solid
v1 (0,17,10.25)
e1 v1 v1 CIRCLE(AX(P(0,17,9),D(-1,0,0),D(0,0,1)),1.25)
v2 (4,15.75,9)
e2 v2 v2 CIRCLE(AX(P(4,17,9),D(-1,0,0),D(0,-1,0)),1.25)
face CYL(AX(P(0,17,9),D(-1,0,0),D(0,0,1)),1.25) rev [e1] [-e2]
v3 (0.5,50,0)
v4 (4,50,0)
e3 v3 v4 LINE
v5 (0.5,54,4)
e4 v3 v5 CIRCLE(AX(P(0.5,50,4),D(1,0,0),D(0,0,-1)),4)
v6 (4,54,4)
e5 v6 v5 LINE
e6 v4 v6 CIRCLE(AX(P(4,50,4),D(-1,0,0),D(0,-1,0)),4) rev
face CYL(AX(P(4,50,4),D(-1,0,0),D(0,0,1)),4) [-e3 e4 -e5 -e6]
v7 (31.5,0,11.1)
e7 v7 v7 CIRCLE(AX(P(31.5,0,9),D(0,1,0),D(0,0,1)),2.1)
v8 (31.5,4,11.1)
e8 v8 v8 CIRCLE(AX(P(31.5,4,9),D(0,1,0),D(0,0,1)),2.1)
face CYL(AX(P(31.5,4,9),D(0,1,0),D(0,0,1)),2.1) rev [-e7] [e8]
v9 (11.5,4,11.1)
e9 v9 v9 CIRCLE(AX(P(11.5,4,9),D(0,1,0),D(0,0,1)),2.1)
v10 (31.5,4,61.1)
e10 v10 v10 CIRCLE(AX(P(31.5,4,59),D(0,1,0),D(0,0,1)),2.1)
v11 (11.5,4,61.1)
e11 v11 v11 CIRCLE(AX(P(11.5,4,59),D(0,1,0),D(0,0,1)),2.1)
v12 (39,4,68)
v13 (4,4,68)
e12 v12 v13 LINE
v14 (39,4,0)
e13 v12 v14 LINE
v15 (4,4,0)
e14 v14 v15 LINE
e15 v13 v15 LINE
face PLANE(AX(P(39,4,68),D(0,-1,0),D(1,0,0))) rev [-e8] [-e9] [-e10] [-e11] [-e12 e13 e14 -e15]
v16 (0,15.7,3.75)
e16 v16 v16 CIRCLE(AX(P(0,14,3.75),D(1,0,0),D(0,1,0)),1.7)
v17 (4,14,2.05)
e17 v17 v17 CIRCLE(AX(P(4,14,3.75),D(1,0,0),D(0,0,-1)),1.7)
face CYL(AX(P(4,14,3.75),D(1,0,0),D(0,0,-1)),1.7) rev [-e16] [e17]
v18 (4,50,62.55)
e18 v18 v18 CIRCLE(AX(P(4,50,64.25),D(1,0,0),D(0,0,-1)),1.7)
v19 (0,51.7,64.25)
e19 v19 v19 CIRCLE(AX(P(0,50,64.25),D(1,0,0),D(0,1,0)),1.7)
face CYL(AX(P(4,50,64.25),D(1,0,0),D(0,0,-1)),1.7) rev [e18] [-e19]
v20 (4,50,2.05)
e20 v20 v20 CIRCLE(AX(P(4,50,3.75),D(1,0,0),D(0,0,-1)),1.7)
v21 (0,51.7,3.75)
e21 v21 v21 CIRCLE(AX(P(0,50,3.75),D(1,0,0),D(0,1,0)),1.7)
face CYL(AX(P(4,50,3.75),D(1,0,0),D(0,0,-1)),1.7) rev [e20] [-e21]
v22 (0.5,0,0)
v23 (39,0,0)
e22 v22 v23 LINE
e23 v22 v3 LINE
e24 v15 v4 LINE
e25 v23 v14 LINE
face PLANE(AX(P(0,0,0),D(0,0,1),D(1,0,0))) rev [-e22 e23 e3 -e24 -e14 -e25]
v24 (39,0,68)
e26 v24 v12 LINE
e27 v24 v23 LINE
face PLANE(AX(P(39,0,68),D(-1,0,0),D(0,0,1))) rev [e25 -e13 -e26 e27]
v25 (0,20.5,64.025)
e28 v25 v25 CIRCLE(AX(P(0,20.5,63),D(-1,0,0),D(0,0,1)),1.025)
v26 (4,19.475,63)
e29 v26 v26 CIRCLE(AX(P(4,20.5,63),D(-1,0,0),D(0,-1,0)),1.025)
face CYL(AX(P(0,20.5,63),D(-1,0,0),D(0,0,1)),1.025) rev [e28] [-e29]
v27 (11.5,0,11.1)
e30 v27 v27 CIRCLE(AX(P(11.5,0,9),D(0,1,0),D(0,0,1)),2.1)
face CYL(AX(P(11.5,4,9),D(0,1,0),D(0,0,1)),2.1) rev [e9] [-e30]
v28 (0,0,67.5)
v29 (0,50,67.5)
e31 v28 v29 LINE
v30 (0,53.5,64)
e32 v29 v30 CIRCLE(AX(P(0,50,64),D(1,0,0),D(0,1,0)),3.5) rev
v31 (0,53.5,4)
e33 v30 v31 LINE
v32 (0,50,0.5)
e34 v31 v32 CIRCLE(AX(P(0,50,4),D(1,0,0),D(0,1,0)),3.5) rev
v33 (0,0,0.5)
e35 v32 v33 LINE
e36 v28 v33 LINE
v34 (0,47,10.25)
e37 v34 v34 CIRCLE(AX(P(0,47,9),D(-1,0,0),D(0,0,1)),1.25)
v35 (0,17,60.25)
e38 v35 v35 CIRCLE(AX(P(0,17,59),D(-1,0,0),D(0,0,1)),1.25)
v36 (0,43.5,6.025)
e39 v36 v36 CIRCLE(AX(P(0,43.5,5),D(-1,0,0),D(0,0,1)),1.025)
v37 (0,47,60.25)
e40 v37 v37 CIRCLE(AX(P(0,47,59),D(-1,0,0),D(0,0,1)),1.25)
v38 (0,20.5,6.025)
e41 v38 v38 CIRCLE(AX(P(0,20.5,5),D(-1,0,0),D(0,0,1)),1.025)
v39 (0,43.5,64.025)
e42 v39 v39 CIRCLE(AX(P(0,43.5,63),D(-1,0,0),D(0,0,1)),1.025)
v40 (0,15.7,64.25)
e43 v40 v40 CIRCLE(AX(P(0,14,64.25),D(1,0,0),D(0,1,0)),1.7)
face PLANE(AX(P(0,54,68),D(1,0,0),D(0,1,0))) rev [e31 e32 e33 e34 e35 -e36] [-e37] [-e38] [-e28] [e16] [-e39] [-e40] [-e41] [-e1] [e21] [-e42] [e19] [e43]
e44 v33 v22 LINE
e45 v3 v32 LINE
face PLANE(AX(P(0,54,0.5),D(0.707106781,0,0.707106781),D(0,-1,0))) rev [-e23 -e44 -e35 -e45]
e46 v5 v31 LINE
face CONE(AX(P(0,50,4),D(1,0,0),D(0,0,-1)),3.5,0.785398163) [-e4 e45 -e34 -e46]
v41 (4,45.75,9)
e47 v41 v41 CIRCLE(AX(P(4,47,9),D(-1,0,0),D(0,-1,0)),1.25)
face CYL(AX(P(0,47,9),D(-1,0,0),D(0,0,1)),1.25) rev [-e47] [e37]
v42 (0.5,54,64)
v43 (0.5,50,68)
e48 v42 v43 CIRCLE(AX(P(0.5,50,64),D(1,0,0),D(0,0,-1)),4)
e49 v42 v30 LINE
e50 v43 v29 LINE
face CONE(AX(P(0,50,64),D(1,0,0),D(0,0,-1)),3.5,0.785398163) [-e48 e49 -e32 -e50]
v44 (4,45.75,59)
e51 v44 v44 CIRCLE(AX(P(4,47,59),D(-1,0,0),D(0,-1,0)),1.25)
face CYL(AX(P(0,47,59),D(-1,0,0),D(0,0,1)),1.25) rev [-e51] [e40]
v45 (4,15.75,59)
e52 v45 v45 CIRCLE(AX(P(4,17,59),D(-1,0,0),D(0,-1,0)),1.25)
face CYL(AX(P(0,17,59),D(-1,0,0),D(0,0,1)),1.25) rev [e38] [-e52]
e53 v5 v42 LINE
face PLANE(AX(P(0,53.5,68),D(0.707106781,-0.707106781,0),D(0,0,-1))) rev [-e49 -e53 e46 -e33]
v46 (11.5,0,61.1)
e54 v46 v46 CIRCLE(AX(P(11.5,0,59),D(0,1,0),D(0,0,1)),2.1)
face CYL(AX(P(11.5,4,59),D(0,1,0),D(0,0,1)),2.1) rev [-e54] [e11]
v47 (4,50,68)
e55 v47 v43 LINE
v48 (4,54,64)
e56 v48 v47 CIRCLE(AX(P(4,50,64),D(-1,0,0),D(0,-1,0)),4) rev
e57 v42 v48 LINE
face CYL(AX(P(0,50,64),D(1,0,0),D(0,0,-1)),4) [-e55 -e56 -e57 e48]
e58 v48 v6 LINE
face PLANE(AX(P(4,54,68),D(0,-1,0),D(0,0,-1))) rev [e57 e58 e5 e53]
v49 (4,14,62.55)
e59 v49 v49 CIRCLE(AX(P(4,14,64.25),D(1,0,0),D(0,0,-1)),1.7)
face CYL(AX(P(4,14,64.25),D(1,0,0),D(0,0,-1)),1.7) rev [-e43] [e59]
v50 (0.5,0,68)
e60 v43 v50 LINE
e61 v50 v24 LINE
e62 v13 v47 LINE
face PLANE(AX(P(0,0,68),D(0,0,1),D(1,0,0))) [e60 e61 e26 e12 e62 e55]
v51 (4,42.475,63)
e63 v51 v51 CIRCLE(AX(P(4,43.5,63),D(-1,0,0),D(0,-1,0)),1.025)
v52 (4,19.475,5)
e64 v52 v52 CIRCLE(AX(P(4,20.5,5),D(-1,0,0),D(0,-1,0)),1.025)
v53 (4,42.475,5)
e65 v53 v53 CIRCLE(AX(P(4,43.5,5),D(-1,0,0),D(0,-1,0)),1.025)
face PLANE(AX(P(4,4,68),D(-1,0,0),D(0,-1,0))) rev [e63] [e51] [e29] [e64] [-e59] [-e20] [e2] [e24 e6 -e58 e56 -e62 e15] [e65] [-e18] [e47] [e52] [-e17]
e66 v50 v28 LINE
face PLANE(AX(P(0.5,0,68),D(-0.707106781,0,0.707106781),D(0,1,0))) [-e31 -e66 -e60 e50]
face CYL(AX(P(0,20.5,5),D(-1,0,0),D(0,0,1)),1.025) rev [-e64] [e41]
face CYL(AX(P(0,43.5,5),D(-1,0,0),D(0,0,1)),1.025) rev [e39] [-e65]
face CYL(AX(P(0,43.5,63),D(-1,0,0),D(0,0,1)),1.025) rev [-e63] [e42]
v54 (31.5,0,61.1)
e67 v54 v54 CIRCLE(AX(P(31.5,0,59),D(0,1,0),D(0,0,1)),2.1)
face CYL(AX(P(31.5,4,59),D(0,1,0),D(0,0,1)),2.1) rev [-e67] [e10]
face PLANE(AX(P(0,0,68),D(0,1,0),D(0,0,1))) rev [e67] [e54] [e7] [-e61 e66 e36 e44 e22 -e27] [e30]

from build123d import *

# Parameters (mm, degrees)
BOSS_EXTRUDE1_DEPTH          = 68
M3_CLEARANCE_HOLE1_D         = 3.4
M3_CLEARANCE_HOLE1_DEPTH     = 5
M3_CLEARANCE_HOLE1_TIP       = 1.021463052
M5X0_8_TAPPED_HOLE1_D        = 4.2
M5X0_8_TAPPED_HOLE1_DEPTH    = 14
M5X0_8_TAPPED_HOLE1_TIP      = 1.2618073
FILLET1_R                    = 4
CHAMFER1_SIZE                = 0.5
M2_5X0_45_TAPPED_HOLE1_D     = 2.05
M2_5X0_45_TAPPED_HOLE1_DEPTH = 7.25
M2_5X0_45_TAPPED_HOLE1_TIP   = 0.615882135
M3X0_5_TAPPED_HOLE3_D        = 2.5
M3X0_5_TAPPED_HOLE3_DEPTH    = 8.5
M3X0_5_TAPPED_HOLE3_TIP      = 0.751075774


with BuildPart() as part:
    # Sketch1 → Boss-Extrude1 (new body)
    with BuildSketch(Plane.XY):
        Polygon((0, 0), (39, 0), (39, 4), (4, 4), (4, 54), (0, 54), align=None)
    extrude(amount=BOSS_EXTRUDE1_DEPTH)

    # M3 Clearance Hole1
    with Locations(Plane(origin=(4, 0, 0), x_dir=(0, 0, -1), z_dir=(1, 0, 0))):
        with Locations((-64.25, 50), (-3.75, 50), (-3.75, 14), (-64.25, 14)):
            Hole(M3_CLEARANCE_HOLE1_D / 2, depth=M3_CLEARANCE_HOLE1_DEPTH)
            with Locations((0, 0, -(M3_CLEARANCE_HOLE1_DEPTH + M3_CLEARANCE_HOLE1_TIP / 2))):  # 118° drill point
                Cone(0, M3_CLEARANCE_HOLE1_D / 2, M3_CLEARANCE_HOLE1_TIP, mode=Mode.SUBTRACT)

    # M5x0.8 Tapped Hole1
    with Locations(Plane(origin=(0, 4, 0), x_dir=(1, 0, 0), z_dir=(0, 1, 0))):
        with Locations((31.5, -59), (11.5, -59), (11.5, -9), (31.5, -9)):
            Hole(M5X0_8_TAPPED_HOLE1_D / 2, depth=M5X0_8_TAPPED_HOLE1_DEPTH)
            with Locations((0, 0, -(M5X0_8_TAPPED_HOLE1_DEPTH + M5X0_8_TAPPED_HOLE1_TIP / 2))):  # 118° drill point
                Cone(0, M5X0_8_TAPPED_HOLE1_D / 2, M5X0_8_TAPPED_HOLE1_TIP, mode=Mode.SUBTRACT)

    # Fillet1
    fillet1_edges = [part.edges().sort_by_distance(p)[0] for p in [
        (2, 54, 68),
        (2, 54, 0),
    ]]
    fillet(fillet1_edges, radius=FILLET1_R)

    # Chamfer1
    chamfer1_edges = [part.edges().sort_by_distance(p)[0] for p in [
        (0, 25, 68),
        (0, 25, 0),
        (0, 54, 34),
        (0, 52.828427125, 1.171572875),
        (0, 52.828427125, 66.828427125),
    ]]
    chamfer(chamfer1_edges, length=CHAMFER1_SIZE)

    # M2.5x0.45 Tapped Hole1
    with Locations(Plane.ZY):
        with Locations((5, 43.5), (63, 43.5), (63, 20.5), (5, 20.5)):
            Hole(M2_5X0_45_TAPPED_HOLE1_D / 2, depth=M2_5X0_45_TAPPED_HOLE1_DEPTH)
            with Locations((0, 0, -(M2_5X0_45_TAPPED_HOLE1_DEPTH + M2_5X0_45_TAPPED_HOLE1_TIP / 2))):  # 118° drill point
                Cone(0, M2_5X0_45_TAPPED_HOLE1_D / 2, M2_5X0_45_TAPPED_HOLE1_TIP, mode=Mode.SUBTRACT)

    # M3x0.5 Tapped Hole3
    with Locations(Plane.ZY):
        with Locations((9, 17), (9, 47), (59, 47), (59, 17)):
            Hole(M3X0_5_TAPPED_HOLE3_D / 2, depth=M3X0_5_TAPPED_HOLE3_DEPTH)
            with Locations((0, 0, -(M3X0_5_TAPPED_HOLE3_DEPTH + M3X0_5_TAPPED_HOLE3_TIP / 2))):  # 118° drill point
                Cone(0, M3X0_5_TAPPED_HOLE3_D / 2, M3X0_5_TAPPED_HOLE3_TIP, mode=Mode.SUBTRACT)


solid = part.part
